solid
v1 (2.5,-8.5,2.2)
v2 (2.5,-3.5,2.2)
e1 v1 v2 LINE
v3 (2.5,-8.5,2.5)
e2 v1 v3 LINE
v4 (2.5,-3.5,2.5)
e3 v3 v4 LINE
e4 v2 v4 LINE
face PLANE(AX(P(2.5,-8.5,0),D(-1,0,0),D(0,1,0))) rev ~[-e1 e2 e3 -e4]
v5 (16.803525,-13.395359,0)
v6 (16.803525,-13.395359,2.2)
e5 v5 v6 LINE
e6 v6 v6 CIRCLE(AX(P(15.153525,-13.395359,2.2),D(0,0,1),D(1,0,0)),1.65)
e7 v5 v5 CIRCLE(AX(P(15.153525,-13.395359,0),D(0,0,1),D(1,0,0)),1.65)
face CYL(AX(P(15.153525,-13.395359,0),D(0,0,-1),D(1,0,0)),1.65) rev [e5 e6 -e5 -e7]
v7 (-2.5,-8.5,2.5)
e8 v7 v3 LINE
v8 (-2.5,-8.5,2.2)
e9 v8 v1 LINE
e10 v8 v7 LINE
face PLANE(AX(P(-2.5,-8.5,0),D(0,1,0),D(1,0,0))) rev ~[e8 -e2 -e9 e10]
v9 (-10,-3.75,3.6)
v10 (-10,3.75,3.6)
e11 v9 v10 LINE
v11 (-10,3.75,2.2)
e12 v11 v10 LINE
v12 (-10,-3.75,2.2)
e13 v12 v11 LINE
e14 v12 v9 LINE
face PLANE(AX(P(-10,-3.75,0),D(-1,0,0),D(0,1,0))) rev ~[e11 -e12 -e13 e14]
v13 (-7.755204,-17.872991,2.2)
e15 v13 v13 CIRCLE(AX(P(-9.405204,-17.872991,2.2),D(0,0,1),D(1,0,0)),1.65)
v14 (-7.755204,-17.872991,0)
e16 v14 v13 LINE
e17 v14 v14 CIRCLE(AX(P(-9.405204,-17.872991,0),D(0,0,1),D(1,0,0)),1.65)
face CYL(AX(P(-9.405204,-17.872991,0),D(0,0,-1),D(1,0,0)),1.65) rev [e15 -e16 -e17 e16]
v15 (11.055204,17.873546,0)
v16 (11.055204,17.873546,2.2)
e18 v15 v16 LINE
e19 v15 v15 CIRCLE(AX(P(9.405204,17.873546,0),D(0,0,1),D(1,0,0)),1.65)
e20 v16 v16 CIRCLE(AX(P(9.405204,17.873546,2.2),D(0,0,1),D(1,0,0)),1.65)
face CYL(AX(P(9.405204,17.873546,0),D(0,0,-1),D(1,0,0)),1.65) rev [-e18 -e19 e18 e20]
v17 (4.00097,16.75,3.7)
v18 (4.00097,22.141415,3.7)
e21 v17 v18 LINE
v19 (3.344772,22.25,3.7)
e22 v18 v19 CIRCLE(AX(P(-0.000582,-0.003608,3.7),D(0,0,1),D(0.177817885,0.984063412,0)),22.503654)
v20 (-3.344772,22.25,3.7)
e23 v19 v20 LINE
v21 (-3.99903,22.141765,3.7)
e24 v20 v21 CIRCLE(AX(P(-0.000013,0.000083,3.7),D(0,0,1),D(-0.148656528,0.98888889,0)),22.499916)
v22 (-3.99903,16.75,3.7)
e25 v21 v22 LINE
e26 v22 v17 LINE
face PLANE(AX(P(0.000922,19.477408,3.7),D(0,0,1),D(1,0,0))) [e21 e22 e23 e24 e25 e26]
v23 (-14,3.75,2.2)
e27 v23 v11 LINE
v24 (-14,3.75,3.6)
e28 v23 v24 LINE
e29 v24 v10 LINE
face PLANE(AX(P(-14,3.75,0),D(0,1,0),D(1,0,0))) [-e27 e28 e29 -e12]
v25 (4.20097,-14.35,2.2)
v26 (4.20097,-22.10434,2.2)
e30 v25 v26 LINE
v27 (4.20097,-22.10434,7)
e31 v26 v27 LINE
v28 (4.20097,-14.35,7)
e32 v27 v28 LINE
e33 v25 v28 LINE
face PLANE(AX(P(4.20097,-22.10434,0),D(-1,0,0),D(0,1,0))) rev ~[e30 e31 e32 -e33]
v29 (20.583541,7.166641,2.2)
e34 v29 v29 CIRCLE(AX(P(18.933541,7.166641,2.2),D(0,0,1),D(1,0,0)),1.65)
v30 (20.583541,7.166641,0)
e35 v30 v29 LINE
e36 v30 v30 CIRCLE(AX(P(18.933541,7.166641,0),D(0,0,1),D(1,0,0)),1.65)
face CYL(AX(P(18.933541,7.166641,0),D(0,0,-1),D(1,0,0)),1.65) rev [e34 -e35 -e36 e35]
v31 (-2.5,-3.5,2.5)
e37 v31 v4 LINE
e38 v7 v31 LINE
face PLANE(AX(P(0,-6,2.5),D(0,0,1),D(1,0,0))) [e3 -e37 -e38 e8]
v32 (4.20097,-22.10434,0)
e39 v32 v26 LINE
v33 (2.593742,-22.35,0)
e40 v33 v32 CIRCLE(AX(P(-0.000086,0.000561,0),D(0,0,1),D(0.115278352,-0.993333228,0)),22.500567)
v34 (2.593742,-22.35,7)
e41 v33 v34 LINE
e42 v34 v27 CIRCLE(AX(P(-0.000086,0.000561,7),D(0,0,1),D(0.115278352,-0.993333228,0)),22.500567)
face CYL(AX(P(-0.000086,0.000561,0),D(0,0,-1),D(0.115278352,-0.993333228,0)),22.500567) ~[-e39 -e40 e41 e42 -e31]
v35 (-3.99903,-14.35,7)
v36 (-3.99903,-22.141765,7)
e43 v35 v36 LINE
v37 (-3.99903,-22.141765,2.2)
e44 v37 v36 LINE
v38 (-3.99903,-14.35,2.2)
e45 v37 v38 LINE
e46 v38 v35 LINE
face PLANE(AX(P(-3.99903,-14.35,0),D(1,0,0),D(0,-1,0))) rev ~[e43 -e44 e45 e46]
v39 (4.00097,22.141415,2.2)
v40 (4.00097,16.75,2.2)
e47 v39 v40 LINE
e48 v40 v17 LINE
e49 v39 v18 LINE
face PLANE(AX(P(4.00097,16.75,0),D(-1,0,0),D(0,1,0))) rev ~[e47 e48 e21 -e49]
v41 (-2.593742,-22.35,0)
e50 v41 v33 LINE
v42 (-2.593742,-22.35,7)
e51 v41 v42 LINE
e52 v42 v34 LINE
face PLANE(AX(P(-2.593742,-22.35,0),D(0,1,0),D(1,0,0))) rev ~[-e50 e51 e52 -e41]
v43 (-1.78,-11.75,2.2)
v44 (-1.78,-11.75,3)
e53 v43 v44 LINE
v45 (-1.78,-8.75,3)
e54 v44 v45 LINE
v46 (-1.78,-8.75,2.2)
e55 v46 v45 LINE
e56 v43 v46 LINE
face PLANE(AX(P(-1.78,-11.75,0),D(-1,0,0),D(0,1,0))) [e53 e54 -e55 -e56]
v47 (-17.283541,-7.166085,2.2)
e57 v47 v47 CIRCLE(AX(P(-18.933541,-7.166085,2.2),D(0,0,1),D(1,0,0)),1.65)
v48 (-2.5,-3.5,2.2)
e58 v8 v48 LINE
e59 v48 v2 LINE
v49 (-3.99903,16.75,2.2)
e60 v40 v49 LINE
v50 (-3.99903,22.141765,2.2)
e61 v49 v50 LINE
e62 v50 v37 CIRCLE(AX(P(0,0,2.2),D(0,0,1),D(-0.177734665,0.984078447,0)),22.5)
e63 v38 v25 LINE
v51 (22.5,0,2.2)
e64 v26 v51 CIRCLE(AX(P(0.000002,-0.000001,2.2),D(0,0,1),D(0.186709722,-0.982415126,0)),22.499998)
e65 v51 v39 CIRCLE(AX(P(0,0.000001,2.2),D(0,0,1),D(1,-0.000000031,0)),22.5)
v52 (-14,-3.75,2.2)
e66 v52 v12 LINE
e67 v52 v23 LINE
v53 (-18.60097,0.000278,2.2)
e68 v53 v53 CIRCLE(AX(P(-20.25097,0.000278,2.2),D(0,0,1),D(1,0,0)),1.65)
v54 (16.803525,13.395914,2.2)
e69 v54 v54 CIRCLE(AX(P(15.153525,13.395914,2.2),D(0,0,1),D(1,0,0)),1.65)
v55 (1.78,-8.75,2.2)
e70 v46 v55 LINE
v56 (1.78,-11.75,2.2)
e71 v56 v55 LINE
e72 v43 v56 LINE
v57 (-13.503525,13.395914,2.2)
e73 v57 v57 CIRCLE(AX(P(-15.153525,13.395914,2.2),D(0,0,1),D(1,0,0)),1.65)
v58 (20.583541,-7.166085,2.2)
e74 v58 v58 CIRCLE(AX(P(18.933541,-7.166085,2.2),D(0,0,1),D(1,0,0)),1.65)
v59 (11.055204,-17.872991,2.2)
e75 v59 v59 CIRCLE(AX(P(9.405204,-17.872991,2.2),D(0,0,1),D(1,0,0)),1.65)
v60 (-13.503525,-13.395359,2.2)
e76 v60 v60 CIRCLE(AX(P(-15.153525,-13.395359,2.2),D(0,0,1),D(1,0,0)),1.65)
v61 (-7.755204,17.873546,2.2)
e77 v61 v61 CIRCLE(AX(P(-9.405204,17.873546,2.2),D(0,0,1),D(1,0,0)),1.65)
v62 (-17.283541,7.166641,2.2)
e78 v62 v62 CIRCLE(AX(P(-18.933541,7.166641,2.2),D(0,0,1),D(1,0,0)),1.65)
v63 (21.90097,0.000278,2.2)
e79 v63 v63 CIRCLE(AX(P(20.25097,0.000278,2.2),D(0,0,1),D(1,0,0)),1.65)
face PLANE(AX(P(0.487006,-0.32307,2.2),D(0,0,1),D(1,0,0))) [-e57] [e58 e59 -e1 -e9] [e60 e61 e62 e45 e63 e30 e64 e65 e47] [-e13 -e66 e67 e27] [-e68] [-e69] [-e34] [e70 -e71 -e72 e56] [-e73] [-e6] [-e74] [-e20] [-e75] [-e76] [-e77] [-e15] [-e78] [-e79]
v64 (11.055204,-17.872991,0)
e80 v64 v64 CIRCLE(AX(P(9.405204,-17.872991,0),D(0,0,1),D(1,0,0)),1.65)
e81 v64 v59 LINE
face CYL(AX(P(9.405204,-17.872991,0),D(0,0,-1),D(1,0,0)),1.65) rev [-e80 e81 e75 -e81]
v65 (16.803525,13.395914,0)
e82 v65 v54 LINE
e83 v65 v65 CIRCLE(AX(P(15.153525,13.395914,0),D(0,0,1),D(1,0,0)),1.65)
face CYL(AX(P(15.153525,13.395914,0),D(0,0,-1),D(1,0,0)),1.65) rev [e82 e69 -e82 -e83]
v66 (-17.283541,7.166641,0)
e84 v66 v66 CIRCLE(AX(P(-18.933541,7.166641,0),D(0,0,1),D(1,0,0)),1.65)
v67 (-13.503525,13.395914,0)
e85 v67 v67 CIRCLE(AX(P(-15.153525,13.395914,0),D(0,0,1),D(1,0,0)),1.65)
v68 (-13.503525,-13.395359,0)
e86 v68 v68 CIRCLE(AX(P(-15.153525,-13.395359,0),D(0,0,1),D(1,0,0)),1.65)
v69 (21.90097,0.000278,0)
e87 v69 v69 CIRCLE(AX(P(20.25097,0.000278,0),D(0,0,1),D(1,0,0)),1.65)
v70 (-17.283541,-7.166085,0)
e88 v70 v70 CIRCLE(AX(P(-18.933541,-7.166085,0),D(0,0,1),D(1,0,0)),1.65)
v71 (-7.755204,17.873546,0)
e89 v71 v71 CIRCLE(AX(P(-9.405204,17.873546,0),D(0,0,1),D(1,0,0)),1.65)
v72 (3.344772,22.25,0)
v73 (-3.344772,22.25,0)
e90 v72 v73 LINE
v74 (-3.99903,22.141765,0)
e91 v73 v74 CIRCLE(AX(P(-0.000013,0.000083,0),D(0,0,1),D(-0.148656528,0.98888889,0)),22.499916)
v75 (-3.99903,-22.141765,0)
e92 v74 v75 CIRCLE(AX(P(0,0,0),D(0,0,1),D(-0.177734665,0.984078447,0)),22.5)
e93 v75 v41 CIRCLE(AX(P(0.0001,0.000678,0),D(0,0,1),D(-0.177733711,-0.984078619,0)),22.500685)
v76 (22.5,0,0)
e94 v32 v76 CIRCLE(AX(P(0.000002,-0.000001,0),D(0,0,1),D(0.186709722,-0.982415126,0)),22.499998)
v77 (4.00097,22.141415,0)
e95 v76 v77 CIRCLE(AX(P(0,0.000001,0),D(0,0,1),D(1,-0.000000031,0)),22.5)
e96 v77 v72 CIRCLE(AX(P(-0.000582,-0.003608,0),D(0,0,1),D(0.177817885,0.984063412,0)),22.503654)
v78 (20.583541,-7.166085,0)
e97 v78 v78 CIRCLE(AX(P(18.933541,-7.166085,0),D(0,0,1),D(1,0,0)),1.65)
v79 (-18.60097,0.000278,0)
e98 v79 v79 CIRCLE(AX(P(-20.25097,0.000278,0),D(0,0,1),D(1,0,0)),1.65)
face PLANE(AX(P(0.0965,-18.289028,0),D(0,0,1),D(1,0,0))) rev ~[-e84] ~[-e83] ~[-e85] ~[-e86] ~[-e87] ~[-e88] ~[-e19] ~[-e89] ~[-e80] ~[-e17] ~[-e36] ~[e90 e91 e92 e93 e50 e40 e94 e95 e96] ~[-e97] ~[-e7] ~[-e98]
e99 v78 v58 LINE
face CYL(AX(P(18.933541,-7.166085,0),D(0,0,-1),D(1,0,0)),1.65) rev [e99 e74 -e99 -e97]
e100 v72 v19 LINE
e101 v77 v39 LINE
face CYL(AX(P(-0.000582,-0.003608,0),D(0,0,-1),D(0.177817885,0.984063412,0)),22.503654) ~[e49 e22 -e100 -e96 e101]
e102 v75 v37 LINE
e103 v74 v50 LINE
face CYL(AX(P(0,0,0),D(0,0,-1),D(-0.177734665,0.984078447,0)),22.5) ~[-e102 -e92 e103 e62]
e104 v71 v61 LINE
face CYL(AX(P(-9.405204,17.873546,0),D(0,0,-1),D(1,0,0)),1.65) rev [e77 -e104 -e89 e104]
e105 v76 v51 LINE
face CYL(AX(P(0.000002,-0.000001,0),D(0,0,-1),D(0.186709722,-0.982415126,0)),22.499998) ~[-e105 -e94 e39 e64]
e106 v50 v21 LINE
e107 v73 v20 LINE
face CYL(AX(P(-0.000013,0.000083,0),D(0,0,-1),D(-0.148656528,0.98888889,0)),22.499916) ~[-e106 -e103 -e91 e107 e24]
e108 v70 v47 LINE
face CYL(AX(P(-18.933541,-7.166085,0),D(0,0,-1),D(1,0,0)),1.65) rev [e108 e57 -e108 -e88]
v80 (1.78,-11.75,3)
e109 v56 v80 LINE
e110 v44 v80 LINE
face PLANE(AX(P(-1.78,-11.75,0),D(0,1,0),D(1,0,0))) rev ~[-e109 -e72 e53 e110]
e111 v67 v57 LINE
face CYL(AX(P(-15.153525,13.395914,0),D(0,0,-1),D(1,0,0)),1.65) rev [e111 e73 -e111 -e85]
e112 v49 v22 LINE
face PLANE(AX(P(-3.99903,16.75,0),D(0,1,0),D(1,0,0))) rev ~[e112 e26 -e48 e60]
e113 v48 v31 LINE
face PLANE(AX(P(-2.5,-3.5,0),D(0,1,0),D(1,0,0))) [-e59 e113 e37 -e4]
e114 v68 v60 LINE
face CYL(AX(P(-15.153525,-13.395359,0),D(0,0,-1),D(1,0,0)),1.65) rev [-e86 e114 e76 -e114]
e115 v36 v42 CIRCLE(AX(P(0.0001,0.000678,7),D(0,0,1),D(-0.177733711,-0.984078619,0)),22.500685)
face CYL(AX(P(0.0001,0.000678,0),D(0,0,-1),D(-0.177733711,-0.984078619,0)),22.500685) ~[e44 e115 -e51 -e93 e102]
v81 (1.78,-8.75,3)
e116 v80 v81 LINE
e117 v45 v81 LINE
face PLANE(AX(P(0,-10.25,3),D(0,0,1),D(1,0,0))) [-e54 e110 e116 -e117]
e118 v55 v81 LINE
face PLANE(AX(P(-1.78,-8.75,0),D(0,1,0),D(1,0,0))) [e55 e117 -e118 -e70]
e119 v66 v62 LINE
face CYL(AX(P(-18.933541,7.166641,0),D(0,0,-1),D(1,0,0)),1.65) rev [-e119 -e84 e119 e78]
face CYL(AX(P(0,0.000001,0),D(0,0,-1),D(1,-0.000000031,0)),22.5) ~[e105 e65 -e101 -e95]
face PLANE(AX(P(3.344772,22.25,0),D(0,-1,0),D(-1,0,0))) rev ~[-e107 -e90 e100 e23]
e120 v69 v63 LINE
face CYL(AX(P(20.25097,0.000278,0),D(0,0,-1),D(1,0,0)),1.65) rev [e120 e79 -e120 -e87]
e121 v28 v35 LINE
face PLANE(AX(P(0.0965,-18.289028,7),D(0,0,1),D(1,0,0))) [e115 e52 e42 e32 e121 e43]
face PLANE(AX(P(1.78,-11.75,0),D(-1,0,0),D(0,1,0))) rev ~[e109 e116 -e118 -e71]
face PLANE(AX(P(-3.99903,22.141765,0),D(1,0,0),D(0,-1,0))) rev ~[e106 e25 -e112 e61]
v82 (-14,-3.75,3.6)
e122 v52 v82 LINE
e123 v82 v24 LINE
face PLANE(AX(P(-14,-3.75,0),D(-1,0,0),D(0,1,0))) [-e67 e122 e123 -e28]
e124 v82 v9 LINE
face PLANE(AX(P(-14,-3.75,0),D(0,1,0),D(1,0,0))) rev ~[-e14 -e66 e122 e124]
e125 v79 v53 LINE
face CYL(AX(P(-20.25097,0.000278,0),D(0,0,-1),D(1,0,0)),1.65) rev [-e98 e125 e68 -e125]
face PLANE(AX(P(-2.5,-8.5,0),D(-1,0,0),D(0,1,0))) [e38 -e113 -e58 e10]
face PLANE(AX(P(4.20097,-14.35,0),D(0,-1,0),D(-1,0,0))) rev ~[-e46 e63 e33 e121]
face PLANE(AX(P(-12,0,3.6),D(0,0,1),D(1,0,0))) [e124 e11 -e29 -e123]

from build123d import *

# Parameters (mm, degrees)
F0_R     = 1.65
F0_W     = 3.56
F0_H     = 3
F0_W_2   = 5
F0_H_2   = 5
F0_W_3   = 4
F0_H_3   = 7.5
F1_DEPTH = 2.2
F2_DEPTH = 3.7
F3_DEPTH = 7
F4_DEPTH = 3.6
F5_DEPTH = 2.5
F6_DEPTH = 3


with BuildPart() as f1:
    # F0 (on Top) → F1 (new body)
    with BuildSketch(Plane.XY):
        with BuildLine():
            ThreePointArc((4.20097, -22.10434), (17.331645, -14.347965), (22.5, 0))
            ThreePointArc((22.5, 0), (17.266613, 14.42616), (4.00097, 22.141415))
            Line((4.00097, 22.141415), (4.00097, 16.75))
            Line((4.00097, 16.75), (-3.99903, 16.75))
            Line((-3.99903, 16.75), (-3.99903, 22.141765))
            ThreePointArc((-3.99903, 22.141765), (-22.5, 0), (-3.99903, -22.141765))
            Line((-3.99903, -22.141765), (-3.99903, -14.35))
            Line((-3.99903, -14.35), (4.20097, -14.35))
            Line((4.20097, -14.35), (4.20097, -22.10434))
        make_face()
        with Locations((-15.153525, -13.395359)):
            Circle(F0_R, mode=Mode.SUBTRACT)
        with Locations((-9.405204, -17.872991)):
            Circle(F0_R, mode=Mode.SUBTRACT)
        with Locations((-18.933541, -7.166085)):
            Circle(F0_R, mode=Mode.SUBTRACT)
        with Locations((9.405204, -17.872991)):
            Circle(F0_R, mode=Mode.SUBTRACT)
        with Locations((15.153525, -13.395359)):
            Circle(F0_R, mode=Mode.SUBTRACT)
        with Locations((0, -10.25)):
            Rectangle(F0_W, F0_H, mode=Mode.SUBTRACT)
        with Locations((0, -6)):
            Rectangle(F0_W_2, F0_H_2, mode=Mode.SUBTRACT)
        with Locations((18.933541, -7.166085)):
            Circle(F0_R, mode=Mode.SUBTRACT)
        with Locations((-20.25097, 0.000278)):
            Circle(F0_R, mode=Mode.SUBTRACT)
        with Locations((-12, 0)):
            Rectangle(F0_W_3, F0_H_3, mode=Mode.SUBTRACT)
        with Locations((-18.933541, 7.166641)):
            Circle(F0_R, mode=Mode.SUBTRACT)
        with Locations((-15.153525, 13.395914)):
            Circle(F0_R, mode=Mode.SUBTRACT)
        with Locations((-9.405204, 17.873546)):
            Circle(F0_R, mode=Mode.SUBTRACT)
        with Locations((20.25097, 0.000278)):
            Circle(F0_R, mode=Mode.SUBTRACT)
        with Locations((18.933541, 7.166641)):
            Circle(F0_R, mode=Mode.SUBTRACT)
        with Locations((9.405204, 17.873546)):
            Circle(F0_R, mode=Mode.SUBTRACT)
        with Locations((15.153525, 13.395914)):
            Circle(F0_R, mode=Mode.SUBTRACT)
    extrude(amount=F1_DEPTH)

    # F0 (on Top) → F2 (join)
    with BuildSketch(Plane.XY):
        with BuildLine():
            Line((4.00097, 16.75), (4.00097, 22.141415))
            ThreePointArc((4.00097, 22.141415), (3.673272, 22.198132), (3.344772, 22.25))
            Line((3.344772, 22.25), (-3.344772, 22.25))
            ThreePointArc((-3.344772, 22.25), (-3.6723, 22.198293), (-3.99903, 22.141765))
            Line((-3.99903, 22.141765), (-3.99903, 16.75))
            Line((-3.99903, 16.75), (4.00097, 16.75))
        make_face()
    extrude(amount=F2_DEPTH)

    # F0 (on Top) → F3 (join)
    with BuildSketch(Plane.XY):
        with BuildLine():
            ThreePointArc((2.593742, -22.35), (3.399576, -22.241692), (4.20097, -22.10434))
            Line((4.20097, -22.10434), (4.20097, -14.35))
            Line((4.20097, -14.35), (-3.99903, -14.35))
            Line((-3.99903, -14.35), (-3.99903, -22.141765))
            ThreePointArc((-3.99903, -22.141765), (-3.29803, -22.256976), (-2.593742, -22.35))
            Line((-2.593742, -22.35), (2.593742, -22.35))
        make_face()
    extrude(amount=F3_DEPTH)

    # F0 (on Top) → F4 (join)
    with BuildSketch(Plane.XY):
        with Locations((-12, 0)):
            Rectangle(F0_W_3, F0_H_3)
    extrude(amount=F4_DEPTH)

    # F0 (on Top) → F5 (join)
    with BuildSketch(Plane.XY):
        with Locations((0, -6)):
            Rectangle(F0_W_2, F0_H_2)
    extrude(amount=F5_DEPTH)

    # F0 (on Top) → F6 (join)
    with BuildSketch(Plane.XY):
        with Locations((0, -10.25)):
            Rectangle(F0_W, F0_H)
    extrude(amount=F6_DEPTH)


solid = f1.part
